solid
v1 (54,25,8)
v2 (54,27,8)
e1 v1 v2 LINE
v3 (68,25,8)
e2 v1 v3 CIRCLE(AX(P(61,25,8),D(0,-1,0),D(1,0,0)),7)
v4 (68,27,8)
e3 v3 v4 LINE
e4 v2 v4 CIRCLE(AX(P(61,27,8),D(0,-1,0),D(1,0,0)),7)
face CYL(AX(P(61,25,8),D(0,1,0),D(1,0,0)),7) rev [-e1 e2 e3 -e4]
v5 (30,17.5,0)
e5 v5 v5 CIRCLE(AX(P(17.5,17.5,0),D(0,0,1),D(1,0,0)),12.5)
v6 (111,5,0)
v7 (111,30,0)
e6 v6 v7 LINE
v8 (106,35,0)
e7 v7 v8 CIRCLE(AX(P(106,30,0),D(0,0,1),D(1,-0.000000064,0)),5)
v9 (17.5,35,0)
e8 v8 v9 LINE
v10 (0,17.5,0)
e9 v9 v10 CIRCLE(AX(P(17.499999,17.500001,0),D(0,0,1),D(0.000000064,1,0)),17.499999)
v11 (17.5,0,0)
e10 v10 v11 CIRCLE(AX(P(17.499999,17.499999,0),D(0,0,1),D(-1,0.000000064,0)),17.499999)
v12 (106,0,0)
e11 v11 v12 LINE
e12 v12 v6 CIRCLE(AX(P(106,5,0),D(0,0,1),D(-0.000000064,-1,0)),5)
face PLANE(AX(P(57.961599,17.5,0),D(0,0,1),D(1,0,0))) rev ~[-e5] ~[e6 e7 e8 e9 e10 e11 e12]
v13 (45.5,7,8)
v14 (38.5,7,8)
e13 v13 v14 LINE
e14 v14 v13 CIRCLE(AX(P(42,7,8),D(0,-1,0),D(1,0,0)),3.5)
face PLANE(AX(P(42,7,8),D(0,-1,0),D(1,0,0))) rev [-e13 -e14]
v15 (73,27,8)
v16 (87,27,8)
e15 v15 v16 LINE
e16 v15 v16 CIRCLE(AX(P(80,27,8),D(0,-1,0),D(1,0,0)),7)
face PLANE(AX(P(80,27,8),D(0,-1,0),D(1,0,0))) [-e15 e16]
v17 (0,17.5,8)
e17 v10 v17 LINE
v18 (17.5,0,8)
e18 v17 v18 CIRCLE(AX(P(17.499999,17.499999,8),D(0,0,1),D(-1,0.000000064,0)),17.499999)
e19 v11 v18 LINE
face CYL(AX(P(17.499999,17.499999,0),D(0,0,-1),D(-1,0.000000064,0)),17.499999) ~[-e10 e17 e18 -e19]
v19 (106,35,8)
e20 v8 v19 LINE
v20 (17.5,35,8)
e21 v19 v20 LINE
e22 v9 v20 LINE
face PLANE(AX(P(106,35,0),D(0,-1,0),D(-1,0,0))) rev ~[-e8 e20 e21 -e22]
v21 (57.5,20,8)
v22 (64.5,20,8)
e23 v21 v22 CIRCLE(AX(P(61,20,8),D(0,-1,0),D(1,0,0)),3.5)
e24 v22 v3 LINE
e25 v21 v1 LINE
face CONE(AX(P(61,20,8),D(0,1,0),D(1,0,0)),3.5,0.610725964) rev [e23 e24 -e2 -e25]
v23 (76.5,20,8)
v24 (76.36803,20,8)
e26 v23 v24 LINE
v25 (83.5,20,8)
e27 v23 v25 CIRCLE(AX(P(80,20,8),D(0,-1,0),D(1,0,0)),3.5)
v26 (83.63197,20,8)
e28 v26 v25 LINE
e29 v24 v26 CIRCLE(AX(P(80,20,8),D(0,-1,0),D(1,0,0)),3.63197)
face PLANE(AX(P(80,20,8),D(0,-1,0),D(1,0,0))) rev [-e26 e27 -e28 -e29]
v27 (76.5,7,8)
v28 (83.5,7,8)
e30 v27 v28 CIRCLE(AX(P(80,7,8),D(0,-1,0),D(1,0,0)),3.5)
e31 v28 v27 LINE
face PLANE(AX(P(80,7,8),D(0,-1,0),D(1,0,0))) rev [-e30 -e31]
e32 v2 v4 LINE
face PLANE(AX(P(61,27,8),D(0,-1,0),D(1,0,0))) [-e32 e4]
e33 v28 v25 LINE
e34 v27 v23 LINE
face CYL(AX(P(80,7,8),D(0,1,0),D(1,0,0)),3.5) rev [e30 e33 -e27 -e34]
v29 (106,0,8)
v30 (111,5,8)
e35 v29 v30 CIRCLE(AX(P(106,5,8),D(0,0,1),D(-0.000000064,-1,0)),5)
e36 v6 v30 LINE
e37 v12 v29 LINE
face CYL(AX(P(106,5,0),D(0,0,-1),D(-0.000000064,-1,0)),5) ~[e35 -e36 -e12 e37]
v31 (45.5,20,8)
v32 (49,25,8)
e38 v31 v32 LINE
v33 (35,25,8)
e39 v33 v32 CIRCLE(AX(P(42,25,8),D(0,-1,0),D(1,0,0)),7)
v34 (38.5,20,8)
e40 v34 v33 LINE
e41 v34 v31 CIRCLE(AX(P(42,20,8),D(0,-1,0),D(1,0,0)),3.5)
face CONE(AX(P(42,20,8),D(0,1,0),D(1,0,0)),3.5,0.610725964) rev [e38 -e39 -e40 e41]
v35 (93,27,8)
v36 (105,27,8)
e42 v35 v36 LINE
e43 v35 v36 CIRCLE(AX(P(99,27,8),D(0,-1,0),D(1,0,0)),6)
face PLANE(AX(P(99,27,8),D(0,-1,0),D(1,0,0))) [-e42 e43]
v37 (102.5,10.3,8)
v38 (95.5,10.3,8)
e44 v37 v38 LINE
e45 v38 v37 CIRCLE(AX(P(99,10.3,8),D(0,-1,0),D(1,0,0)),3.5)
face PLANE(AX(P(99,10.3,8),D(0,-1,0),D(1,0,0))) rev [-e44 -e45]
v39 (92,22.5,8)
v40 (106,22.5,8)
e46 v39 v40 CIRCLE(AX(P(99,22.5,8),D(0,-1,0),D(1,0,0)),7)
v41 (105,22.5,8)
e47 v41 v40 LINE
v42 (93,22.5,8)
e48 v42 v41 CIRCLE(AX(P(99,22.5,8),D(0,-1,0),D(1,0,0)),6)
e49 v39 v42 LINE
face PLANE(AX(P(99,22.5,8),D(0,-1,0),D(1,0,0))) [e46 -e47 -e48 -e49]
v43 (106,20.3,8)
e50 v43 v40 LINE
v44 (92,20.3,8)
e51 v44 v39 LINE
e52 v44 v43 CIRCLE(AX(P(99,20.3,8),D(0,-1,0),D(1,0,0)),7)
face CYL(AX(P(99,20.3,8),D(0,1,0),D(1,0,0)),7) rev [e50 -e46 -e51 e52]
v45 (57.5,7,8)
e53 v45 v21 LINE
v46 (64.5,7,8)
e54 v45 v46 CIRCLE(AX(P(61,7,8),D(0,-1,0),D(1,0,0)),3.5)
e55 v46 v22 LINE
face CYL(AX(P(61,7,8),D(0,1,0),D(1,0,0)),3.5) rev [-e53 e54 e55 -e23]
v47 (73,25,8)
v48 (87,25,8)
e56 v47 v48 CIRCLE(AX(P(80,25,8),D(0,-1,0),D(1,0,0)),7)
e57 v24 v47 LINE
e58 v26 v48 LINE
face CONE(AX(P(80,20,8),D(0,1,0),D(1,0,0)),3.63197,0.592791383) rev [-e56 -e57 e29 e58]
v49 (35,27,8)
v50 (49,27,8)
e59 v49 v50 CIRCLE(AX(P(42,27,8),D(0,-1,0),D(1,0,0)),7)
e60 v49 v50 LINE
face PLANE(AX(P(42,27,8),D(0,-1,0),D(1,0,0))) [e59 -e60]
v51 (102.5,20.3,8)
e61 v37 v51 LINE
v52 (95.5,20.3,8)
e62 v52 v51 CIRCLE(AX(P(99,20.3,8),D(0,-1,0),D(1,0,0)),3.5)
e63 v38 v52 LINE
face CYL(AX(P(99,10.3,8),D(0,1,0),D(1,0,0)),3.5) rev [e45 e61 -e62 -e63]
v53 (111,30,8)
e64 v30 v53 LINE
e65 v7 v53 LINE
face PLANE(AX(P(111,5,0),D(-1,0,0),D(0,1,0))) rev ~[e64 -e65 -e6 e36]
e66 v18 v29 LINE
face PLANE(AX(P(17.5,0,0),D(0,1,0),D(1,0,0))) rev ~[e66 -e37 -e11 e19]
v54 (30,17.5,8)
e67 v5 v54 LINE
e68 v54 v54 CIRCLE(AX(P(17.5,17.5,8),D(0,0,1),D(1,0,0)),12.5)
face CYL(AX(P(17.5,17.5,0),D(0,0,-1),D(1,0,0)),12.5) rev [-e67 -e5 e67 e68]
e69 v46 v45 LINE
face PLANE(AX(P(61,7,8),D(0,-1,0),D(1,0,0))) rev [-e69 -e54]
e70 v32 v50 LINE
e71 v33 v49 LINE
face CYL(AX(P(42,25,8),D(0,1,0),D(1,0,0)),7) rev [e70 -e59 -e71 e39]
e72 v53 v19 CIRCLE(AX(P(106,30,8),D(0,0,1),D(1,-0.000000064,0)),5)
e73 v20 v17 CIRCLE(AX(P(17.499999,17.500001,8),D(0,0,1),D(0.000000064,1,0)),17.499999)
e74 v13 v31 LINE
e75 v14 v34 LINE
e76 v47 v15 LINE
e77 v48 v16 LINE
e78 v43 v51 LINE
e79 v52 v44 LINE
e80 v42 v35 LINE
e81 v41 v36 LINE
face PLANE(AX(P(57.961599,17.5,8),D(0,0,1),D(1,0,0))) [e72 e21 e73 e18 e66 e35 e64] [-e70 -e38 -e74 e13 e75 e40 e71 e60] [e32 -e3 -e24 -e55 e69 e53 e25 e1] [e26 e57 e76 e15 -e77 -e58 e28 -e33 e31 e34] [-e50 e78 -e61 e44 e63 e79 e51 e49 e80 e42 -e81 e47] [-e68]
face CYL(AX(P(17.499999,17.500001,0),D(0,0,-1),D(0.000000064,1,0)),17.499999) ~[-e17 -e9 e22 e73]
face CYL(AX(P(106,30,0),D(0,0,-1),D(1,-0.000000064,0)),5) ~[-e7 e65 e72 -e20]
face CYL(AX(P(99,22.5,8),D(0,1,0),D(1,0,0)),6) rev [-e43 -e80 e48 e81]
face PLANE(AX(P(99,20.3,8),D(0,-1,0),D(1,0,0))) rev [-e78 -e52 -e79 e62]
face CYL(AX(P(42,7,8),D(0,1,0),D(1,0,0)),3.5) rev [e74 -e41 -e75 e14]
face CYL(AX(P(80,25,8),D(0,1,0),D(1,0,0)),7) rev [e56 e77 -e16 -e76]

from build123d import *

# Parameters (mm, degrees)
F0_R     = 12.5
F1_DEPTH = 8


with BuildPart() as f1:
    # F0 (on Top) → F1 (new body)
    with BuildSketch(Plane.XY):
        with BuildLine():
            ThreePointArc((0, 17.5), (5.125631, 5.125631), (17.5, 0))
            Line((17.5, 0), (106, 0))
            ThreePointArc((106, 0), (109.535534, 1.464466), (111, 5))
            Line((111, 5), (111, 30))
            ThreePointArc((111, 30), (109.535534, 33.535534), (106, 35))
            Line((106, 35), (17.5, 35))
            ThreePointArc((17.5, 35), (5.125631, 29.874369), (0, 17.5))
        make_face()
        with Locations((17.5, 17.5)):
            Circle(F0_R, mode=Mode.SUBTRACT)
    extrude(amount=F1_DEPTH)

    # F2 (on face) → F3 (revolve, cut)
    with BuildSketch(Plane.XY.offset(8)):
        Polygon((105, 27), (99, 27), (99, 22.5), (99, 20.3), (99, 10.3), (102.5, 10.3), (102.5, 20.3), (106, 20.3), (106, 22.5), (105, 22.5), align=None)
    revolve(axis=Axis((99, 15.3, 8), (0, -1, 0)), mode=Mode.SUBTRACT)

    # F2 (on face) → F4 (revolve, cut)
    with BuildSketch(Plane.XY.offset(8)):
        Polygon((87, 27), (80, 27), (80, 25), (80, 20), (80, 7), (83.5, 7), (83.5, 20), (83.63197, 20), (87, 25), align=None)
    revolve(axis=Axis((80, 13.5, 8), (0, -1, 0)), mode=Mode.SUBTRACT)

    # F2 (on face) → F5 (revolve, cut)
    with BuildSketch(Plane.XY.offset(8)):
        Polygon((68, 27), (61, 27), (61, 25), (61, 20), (61, 7), (64.5, 7), (64.5, 20), (68, 25), align=None)
    revolve(axis=Axis((61, 13.5, 8), (0, -1, 0)), mode=Mode.SUBTRACT)

    # F2 (on face) → F6 (revolve, cut)
    with BuildSketch(Plane.XY.offset(8)):
        Polygon((49, 27), (42, 27), (42, 25), (42, 20), (42, 7), (45.5, 7), (45.5, 20), (49, 25), align=None)
    revolve(axis=Axis((42, 13.5, 8), (0, -1, 0)), mode=Mode.SUBTRACT)


solid = f1.part
